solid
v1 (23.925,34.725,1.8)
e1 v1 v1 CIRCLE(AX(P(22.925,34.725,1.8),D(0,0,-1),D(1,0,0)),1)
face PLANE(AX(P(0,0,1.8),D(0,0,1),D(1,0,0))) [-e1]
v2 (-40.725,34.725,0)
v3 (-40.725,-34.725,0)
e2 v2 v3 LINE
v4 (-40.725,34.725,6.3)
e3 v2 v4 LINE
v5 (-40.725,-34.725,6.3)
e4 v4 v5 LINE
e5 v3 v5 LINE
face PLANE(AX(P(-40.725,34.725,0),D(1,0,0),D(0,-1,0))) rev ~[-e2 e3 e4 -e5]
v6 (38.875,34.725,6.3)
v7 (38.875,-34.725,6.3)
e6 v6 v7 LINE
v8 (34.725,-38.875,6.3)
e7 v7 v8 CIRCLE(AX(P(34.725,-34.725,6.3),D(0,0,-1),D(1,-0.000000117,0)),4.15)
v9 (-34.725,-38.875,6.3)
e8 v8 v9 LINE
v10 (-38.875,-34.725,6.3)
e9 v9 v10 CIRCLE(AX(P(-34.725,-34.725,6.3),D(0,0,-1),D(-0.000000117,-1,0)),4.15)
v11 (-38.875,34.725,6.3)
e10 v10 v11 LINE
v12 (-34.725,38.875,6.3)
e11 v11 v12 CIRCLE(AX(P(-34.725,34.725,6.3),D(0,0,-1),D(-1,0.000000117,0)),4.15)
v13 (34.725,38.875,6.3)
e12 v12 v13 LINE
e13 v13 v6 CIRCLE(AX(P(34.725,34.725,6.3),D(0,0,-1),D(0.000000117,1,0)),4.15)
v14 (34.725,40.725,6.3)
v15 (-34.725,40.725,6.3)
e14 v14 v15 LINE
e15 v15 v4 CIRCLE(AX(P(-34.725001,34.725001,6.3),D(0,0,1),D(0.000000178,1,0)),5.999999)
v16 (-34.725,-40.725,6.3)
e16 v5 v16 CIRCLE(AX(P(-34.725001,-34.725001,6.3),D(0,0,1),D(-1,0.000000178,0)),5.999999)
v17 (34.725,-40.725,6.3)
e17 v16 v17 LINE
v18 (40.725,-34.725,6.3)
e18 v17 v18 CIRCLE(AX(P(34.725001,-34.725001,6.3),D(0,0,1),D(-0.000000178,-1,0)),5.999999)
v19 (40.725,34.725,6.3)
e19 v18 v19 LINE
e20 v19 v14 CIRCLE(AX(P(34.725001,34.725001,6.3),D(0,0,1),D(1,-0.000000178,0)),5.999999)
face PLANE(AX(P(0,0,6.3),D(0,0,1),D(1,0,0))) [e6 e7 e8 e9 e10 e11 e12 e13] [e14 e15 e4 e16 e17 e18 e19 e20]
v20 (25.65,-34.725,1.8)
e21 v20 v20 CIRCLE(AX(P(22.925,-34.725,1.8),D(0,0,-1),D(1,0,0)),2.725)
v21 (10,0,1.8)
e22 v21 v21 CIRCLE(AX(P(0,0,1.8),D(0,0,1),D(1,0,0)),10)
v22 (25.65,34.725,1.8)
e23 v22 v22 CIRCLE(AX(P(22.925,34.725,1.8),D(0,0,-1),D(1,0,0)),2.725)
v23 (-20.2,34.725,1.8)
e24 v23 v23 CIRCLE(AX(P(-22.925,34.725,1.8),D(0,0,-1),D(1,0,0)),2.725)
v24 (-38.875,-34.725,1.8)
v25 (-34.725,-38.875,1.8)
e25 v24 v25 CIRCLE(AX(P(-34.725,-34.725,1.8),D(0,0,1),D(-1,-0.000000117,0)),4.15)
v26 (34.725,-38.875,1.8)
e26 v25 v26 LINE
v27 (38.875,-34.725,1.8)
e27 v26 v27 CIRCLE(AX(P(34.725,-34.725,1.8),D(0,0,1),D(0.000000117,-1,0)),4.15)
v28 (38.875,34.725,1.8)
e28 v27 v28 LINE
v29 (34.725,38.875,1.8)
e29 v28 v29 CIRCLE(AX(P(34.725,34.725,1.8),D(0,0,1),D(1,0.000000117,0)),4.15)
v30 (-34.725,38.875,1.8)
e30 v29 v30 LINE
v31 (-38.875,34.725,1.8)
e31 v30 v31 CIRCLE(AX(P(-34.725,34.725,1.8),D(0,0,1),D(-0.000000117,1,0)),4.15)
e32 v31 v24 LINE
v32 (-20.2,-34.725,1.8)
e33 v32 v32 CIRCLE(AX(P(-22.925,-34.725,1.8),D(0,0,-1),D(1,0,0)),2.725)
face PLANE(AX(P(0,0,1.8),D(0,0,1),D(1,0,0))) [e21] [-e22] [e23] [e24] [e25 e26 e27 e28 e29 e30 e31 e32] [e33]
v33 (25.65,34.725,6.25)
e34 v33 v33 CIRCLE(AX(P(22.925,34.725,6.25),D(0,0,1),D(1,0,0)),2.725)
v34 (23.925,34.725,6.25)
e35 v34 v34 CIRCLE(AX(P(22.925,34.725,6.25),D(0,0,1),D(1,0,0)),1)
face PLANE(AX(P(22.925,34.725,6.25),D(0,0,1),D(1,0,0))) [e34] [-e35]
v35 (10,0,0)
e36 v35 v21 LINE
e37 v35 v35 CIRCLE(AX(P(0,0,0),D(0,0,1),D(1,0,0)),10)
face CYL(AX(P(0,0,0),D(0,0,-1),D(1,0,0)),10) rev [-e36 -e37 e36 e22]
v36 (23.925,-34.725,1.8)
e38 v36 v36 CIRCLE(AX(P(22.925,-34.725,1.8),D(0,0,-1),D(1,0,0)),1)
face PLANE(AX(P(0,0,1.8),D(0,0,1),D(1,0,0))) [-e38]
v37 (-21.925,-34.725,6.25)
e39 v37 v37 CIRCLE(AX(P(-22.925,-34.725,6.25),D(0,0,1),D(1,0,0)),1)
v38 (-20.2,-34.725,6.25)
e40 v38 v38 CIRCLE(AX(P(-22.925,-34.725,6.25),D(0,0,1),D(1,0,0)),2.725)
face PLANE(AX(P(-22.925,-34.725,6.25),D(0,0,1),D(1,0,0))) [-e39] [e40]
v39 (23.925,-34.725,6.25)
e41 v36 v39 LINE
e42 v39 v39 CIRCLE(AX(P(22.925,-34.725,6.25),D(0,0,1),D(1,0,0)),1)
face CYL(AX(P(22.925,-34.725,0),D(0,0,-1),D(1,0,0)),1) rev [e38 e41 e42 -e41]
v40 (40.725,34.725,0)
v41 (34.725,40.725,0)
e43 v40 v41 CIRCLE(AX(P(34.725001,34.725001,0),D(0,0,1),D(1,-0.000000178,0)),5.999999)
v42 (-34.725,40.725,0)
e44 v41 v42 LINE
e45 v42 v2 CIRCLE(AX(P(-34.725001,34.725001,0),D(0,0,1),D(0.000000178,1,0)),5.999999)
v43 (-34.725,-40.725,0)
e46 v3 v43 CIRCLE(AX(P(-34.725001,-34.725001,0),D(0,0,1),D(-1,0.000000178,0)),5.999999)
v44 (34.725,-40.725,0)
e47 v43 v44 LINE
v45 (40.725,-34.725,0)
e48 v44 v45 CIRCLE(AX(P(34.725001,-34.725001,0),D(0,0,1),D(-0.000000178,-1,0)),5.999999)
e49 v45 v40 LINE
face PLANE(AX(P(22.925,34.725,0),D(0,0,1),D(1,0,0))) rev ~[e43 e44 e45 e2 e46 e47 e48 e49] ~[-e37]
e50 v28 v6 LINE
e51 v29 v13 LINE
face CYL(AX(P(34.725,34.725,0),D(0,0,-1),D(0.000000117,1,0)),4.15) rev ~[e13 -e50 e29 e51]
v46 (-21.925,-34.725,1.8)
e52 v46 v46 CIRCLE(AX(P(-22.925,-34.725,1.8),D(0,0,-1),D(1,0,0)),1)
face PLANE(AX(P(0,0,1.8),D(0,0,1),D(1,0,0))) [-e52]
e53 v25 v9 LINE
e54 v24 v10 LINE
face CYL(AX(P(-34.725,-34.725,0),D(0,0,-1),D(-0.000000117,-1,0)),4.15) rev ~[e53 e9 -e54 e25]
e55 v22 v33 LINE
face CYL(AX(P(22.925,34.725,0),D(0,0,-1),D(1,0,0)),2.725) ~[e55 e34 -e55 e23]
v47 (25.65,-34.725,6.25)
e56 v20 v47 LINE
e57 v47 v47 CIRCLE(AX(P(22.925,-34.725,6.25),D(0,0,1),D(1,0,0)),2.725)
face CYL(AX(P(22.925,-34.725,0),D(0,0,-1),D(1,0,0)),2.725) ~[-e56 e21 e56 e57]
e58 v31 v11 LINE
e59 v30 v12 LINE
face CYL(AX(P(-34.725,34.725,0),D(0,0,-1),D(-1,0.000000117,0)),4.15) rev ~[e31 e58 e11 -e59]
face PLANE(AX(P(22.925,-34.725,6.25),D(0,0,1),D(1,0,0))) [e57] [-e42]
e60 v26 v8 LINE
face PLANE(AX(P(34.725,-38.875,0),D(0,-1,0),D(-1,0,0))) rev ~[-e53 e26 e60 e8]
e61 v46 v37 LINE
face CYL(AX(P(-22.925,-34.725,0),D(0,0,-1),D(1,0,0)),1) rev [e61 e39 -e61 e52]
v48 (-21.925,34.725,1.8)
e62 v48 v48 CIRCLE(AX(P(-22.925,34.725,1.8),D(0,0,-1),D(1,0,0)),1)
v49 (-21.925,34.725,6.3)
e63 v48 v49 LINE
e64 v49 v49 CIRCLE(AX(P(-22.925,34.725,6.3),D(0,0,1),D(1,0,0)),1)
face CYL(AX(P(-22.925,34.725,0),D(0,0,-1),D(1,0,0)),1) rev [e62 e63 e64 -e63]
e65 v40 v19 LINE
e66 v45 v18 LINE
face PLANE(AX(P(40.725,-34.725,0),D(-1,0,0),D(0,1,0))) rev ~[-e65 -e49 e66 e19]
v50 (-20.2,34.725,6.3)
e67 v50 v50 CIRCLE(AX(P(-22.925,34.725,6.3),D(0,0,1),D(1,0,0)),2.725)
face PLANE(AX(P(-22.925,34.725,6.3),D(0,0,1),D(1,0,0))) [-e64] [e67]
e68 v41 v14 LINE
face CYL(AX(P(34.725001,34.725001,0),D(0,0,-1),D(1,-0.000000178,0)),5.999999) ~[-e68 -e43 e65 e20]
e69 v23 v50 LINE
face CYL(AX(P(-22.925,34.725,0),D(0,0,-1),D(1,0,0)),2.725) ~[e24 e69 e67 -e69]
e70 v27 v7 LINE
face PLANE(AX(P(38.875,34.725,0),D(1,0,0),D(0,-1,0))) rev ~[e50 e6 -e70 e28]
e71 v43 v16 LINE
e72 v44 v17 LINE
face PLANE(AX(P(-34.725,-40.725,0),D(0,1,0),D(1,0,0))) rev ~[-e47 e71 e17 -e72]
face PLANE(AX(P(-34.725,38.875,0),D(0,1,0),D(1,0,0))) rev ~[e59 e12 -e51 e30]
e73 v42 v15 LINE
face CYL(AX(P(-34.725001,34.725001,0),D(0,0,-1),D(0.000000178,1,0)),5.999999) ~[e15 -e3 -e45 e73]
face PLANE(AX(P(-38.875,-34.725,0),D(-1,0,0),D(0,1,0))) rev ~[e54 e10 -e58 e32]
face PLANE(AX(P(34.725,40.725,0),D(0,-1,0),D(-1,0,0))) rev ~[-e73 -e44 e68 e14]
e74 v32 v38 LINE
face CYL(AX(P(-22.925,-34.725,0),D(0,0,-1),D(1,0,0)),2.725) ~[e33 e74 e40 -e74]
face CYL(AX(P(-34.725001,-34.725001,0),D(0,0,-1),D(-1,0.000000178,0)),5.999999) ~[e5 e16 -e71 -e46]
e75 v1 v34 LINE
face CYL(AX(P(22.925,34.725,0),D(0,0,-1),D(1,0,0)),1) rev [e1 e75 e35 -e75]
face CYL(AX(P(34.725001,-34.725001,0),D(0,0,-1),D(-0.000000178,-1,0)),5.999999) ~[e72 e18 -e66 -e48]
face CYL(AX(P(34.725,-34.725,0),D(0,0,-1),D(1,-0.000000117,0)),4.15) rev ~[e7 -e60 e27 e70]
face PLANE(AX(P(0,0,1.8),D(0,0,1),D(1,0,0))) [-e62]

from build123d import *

# Parameters (mm, degrees)
F0_R     = 2.725
F0_R_2   = 10
F0_R_3   = 1
F1_DEPTH = 1.8
F2_DEPTH = 6.3
F3_DEPTH = 6.3
F4_DEPTH = 6.25


with BuildPart() as f1:
    # F0 (on Top) → F1 (new body)
    with BuildSketch(Plane.XY):
        with BuildLine():
            Line((38.875, -34.725), (38.875, 34.725))
            ThreePointArc((38.875, 34.725), (37.659493, 37.659493), (34.725, 38.875))
            Line((34.725, 38.875), (-34.725, 38.875))
            ThreePointArc((-34.725, 38.875), (-37.659493, 37.659493), (-38.875, 34.725))
            Line((-38.875, 34.725), (-38.875, -34.725))
            ThreePointArc((-38.875, -34.725), (-37.659493, -37.659493), (-34.725, -38.875))
            Line((-34.725, -38.875), (34.725, -38.875))
            ThreePointArc((34.725, -38.875), (37.659493, -37.659493), (38.875, -34.725))
        make_face()
        with Locations((-22.925, -34.725)):
            Circle(F0_R, mode=Mode.SUBTRACT)
        with Locations((22.925, -34.725)):
            Circle(F0_R, mode=Mode.SUBTRACT)
        with Locations((-22.925, 34.725)):
            Circle(F0_R, mode=Mode.SUBTRACT)
        Circle(F0_R_2, mode=Mode.SUBTRACT)
        with Locations((22.925, 34.725)):
            Circle(F0_R, mode=Mode.SUBTRACT)
        with Locations((-22.925, 34.725)):
            Circle(F0_R)
        with Locations((-22.925, 34.725)):
            Circle(F0_R_3, mode=Mode.SUBTRACT)
        with Locations((-22.925, 34.725)):
            Circle(F0_R_3)
        with Locations((22.925, -34.725)):
            Circle(F0_R)
        with Locations((22.925, -34.725)):
            Circle(F0_R_3, mode=Mode.SUBTRACT)
        with Locations((22.925, -34.725)):
            Circle(F0_R_3)
        with Locations((-22.925, -34.725)):
            Circle(F0_R)
        with Locations((-22.925, -34.725)):
            Circle(F0_R_3, mode=Mode.SUBTRACT)
        with Locations((-22.925, -34.725)):
            Circle(F0_R_3)
        with Locations((22.925, 34.725)):
            Circle(F0_R)
        with Locations((22.925, 34.725)):
            Circle(F0_R_3, mode=Mode.SUBTRACT)
        with Locations((22.925, 34.725)):
            Circle(F0_R_3)
    extrude(amount=F1_DEPTH)

    # F0 (on Top) → F2 (join)
    with BuildSketch(Plane.XY):
        with BuildLine():
            Line((-34.725, -40.725), (34.725, -40.725))
            ThreePointArc((34.725, -40.725), (38.967641, -38.967641), (40.725, -34.725))
            Line((40.725, -34.725), (40.725, 34.725))
            ThreePointArc((40.725, 34.725), (38.967641, 38.967641), (34.725, 40.725))
            Line((34.725, 40.725), (-34.725, 40.725))
            ThreePointArc((-34.725, 40.725), (-38.967641, 38.967641), (-40.725, 34.725))
            Line((-40.725, 34.725), (-40.725, -34.725))
            ThreePointArc((-40.725, -34.725), (-38.967641, -38.967641), (-34.725, -40.725))
        make_face()
        with BuildLine():
            ThreePointArc((34.725, 38.875), (37.659493, 37.659493), (38.875, 34.725))
            Line((38.875, 34.725), (38.875, -34.725))
            ThreePointArc((38.875, -34.725), (37.659493, -37.659493), (34.725, -38.875))
            Line((34.725, -38.875), (-34.725, -38.875))
            ThreePointArc((-34.725, -38.875), (-37.659493, -37.659493), (-38.875, -34.725))
            Line((-38.875, -34.725), (-38.875, 34.725))
            ThreePointArc((-38.875, 34.725), (-37.659493, 37.659493), (-34.725, 38.875))
            Line((-34.725, 38.875), (34.725, 38.875))
        make_face(mode=Mode.SUBTRACT)
    extrude(amount=F2_DEPTH)

    # F0 (on Top) → F3 (join)
    with BuildSketch(Plane.XY):
        with Locations((-22.925, 34.725)):
            Circle(F0_R)
        with Locations((-22.925, 34.725)):
            Circle(F0_R_3, mode=Mode.SUBTRACT)
    extrude(amount=F3_DEPTH)

    # F0 (on Top) → F4 (join)
    with BuildSketch(Plane.XY):
        with Locations((22.925, 34.725)):
            Circle(F0_R)
        with Locations((22.925, 34.725)):
            Circle(F0_R_3, mode=Mode.SUBTRACT)
        with Locations((22.925, -34.725)):
            Circle(F0_R)
        with Locations((22.925, -34.725)):
            Circle(F0_R_3, mode=Mode.SUBTRACT)
        with Locations((-22.925, -34.725)):
            Circle(F0_R)
        with Locations((-22.925, -34.725)):
            Circle(F0_R_3, mode=Mode.SUBTRACT)
    extrude(amount=F4_DEPTH)


solid = f1.part
